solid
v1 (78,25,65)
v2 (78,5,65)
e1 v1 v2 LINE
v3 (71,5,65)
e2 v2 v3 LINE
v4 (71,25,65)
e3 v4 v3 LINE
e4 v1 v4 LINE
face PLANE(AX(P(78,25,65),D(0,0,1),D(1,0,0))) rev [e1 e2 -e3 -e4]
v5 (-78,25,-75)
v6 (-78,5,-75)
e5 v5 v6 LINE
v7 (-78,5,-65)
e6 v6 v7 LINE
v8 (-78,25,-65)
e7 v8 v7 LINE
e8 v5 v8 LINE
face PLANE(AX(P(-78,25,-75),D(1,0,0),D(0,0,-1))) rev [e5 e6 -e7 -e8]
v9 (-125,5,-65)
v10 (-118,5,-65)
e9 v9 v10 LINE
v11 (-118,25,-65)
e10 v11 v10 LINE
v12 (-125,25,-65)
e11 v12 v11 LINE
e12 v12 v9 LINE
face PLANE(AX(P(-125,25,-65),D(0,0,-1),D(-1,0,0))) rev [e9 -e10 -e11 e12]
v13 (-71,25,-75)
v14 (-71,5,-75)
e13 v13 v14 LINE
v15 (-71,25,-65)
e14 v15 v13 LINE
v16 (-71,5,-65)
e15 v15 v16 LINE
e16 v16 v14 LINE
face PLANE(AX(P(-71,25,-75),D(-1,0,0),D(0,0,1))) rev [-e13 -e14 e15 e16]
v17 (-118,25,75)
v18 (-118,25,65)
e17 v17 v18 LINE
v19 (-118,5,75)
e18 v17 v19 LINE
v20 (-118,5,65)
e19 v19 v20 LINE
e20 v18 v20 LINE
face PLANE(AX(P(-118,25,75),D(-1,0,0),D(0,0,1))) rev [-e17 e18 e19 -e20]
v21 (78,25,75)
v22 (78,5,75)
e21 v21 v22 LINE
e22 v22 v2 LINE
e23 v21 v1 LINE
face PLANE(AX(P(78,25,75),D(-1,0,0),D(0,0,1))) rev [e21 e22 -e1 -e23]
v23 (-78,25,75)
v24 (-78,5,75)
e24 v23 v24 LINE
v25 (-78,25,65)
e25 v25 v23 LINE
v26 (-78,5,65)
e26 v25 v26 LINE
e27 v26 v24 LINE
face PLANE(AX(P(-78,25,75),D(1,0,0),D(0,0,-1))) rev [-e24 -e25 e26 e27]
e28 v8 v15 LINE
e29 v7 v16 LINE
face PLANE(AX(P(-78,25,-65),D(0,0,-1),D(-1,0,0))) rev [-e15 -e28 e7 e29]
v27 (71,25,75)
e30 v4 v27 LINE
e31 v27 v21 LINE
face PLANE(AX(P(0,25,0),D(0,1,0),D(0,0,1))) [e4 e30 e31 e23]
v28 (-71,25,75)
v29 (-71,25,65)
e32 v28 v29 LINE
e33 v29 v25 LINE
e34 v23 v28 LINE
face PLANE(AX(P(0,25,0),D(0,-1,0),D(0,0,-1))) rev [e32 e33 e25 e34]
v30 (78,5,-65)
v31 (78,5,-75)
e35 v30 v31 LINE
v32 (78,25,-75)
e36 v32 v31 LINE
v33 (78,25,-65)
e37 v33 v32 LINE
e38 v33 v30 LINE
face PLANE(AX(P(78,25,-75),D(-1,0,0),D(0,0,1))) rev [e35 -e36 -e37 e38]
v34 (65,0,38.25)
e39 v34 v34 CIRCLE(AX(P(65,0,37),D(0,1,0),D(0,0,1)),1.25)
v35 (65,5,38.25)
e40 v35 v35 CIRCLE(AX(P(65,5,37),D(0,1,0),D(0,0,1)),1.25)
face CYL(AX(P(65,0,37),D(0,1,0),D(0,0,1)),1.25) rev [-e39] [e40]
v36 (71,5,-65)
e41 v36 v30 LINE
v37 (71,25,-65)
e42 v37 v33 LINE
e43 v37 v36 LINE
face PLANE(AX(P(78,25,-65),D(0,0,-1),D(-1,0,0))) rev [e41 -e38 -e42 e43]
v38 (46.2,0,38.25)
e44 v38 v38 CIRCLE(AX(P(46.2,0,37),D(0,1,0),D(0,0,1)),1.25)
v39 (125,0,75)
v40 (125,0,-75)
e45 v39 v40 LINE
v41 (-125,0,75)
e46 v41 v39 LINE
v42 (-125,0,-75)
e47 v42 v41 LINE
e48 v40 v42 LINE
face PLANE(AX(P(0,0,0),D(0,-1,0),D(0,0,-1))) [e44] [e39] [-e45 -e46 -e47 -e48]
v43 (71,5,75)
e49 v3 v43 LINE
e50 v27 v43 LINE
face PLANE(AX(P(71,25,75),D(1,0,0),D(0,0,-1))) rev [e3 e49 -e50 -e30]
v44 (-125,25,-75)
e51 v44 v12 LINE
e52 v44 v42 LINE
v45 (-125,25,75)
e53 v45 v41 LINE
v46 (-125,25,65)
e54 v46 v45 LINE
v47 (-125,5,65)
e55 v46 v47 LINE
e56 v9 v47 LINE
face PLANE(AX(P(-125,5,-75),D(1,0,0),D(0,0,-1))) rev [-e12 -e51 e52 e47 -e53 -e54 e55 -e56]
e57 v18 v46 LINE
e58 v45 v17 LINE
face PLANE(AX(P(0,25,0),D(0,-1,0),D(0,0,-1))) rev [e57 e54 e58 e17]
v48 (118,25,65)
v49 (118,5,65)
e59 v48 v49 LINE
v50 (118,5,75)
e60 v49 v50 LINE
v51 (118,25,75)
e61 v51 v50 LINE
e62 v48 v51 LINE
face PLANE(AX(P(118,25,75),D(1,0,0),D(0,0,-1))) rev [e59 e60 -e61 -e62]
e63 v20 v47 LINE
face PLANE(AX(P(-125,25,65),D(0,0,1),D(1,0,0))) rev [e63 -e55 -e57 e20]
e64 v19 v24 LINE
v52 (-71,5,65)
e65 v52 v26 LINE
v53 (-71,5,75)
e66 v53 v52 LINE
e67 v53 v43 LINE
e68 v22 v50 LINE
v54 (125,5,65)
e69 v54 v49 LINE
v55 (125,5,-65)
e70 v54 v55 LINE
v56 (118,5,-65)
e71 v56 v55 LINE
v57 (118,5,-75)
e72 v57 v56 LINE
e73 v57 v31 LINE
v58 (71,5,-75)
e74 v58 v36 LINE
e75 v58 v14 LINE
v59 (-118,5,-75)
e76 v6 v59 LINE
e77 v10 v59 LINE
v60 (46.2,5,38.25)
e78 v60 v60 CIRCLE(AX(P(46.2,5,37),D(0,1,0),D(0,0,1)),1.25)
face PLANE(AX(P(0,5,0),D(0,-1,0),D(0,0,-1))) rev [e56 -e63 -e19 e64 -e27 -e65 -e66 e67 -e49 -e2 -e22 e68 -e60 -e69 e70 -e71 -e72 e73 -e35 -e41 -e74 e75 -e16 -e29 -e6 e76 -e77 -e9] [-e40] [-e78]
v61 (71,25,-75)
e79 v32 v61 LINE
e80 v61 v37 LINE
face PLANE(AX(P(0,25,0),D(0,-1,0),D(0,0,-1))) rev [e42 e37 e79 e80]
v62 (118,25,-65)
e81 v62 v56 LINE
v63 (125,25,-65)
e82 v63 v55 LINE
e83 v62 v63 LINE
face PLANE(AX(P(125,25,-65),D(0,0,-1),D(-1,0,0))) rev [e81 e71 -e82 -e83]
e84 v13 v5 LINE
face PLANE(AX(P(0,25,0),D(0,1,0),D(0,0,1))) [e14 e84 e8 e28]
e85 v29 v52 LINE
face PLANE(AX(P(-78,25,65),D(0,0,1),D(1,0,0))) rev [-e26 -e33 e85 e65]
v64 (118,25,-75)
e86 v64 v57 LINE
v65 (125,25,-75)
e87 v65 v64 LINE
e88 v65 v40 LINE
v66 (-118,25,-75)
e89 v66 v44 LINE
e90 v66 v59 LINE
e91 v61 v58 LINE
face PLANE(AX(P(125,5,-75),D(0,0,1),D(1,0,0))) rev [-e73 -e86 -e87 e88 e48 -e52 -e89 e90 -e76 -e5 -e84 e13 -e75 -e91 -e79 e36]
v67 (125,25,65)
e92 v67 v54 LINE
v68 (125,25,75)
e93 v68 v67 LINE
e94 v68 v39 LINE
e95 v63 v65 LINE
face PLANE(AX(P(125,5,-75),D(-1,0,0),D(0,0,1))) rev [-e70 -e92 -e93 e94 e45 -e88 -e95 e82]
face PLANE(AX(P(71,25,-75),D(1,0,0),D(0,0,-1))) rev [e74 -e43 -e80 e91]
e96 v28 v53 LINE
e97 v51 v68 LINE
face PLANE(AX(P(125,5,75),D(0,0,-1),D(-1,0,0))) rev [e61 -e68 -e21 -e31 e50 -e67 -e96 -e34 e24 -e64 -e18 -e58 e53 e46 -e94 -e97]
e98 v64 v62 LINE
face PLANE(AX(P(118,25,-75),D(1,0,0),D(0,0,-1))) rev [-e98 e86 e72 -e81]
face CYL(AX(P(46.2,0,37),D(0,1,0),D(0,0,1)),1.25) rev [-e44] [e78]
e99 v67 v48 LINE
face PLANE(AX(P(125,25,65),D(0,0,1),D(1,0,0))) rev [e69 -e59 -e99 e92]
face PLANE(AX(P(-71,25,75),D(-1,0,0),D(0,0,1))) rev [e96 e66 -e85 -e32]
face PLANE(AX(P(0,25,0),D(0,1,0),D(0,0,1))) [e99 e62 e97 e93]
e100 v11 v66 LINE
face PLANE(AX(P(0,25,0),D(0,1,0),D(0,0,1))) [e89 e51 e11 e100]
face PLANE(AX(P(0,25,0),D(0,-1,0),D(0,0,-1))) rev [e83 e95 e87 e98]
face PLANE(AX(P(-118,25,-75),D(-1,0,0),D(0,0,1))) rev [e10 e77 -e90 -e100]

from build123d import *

# Parameters (mm, degrees)
SKETCH1_W           = 250
SKETCH1_H           = 150
BOSS_EXTRUDE1_DEPTH = 5
SKETCH2_W           = 7
SKETCH2_H           = 10
BOSS_EXTRUDE2_DEPTH = 20
SKETCH3_R           = 1.25
CUT_EXTRUDE1_DEPTH  = 148.139389696


with BuildPart() as part:
    # Sketch1 → Boss-Extrude1 (new body)
    with BuildSketch(Plane(origin=(0, 0, 0), x_dir=(1, 0, 0), z_dir=(0, 1, 0))):
        Rectangle(SKETCH1_W, SKETCH1_H)
    extrude(amount=BOSS_EXTRUDE1_DEPTH)

    # Sketch2 → Boss-Extrude2 (add)
    with BuildSketch(Plane(origin=(0, 5, 0), x_dir=(1, 0, 0), z_dir=(0, 1, 0))):
        with Locations((-121.5, -70)):
            Rectangle(SKETCH2_W, SKETCH2_H)
        with Locations((-74.5, -70)):
            Rectangle(SKETCH2_W, SKETCH2_H)
        with Locations((-121.5, 70)):
            Rectangle(SKETCH2_W, SKETCH2_H)
        with Locations((-74.5, 70)):
            Rectangle(SKETCH2_W, SKETCH2_H)
        with Locations((121.5, 70)):
            Rectangle(SKETCH2_W, SKETCH2_H)
        with Locations((74.5, 70)):
            Rectangle(SKETCH2_W, SKETCH2_H)
        with Locations((121.5, -70)):
            Rectangle(SKETCH2_W, SKETCH2_H)
        with Locations((74.5, -70)):
            Rectangle(SKETCH2_W, SKETCH2_H)
    extrude(amount=BOSS_EXTRUDE2_DEPTH)

    # Sketch3 → Cut-Extrude1 (cut, through all)
    with BuildSketch(Plane(origin=(0, 5, 0), x_dir=(1, 0, 0), z_dir=(0, 1, 0))):
        with Locations(Location((46.2, -37, 0), (0, 0, 270))):
            Circle(SKETCH3_R)
        with Locations(Location((65, -37, 0), (0, 0, 270))):
            Circle(SKETCH3_R)
    extrude(amount=-CUT_EXTRUDE1_DEPTH, mode=Mode.SUBTRACT)


solid = part.part
